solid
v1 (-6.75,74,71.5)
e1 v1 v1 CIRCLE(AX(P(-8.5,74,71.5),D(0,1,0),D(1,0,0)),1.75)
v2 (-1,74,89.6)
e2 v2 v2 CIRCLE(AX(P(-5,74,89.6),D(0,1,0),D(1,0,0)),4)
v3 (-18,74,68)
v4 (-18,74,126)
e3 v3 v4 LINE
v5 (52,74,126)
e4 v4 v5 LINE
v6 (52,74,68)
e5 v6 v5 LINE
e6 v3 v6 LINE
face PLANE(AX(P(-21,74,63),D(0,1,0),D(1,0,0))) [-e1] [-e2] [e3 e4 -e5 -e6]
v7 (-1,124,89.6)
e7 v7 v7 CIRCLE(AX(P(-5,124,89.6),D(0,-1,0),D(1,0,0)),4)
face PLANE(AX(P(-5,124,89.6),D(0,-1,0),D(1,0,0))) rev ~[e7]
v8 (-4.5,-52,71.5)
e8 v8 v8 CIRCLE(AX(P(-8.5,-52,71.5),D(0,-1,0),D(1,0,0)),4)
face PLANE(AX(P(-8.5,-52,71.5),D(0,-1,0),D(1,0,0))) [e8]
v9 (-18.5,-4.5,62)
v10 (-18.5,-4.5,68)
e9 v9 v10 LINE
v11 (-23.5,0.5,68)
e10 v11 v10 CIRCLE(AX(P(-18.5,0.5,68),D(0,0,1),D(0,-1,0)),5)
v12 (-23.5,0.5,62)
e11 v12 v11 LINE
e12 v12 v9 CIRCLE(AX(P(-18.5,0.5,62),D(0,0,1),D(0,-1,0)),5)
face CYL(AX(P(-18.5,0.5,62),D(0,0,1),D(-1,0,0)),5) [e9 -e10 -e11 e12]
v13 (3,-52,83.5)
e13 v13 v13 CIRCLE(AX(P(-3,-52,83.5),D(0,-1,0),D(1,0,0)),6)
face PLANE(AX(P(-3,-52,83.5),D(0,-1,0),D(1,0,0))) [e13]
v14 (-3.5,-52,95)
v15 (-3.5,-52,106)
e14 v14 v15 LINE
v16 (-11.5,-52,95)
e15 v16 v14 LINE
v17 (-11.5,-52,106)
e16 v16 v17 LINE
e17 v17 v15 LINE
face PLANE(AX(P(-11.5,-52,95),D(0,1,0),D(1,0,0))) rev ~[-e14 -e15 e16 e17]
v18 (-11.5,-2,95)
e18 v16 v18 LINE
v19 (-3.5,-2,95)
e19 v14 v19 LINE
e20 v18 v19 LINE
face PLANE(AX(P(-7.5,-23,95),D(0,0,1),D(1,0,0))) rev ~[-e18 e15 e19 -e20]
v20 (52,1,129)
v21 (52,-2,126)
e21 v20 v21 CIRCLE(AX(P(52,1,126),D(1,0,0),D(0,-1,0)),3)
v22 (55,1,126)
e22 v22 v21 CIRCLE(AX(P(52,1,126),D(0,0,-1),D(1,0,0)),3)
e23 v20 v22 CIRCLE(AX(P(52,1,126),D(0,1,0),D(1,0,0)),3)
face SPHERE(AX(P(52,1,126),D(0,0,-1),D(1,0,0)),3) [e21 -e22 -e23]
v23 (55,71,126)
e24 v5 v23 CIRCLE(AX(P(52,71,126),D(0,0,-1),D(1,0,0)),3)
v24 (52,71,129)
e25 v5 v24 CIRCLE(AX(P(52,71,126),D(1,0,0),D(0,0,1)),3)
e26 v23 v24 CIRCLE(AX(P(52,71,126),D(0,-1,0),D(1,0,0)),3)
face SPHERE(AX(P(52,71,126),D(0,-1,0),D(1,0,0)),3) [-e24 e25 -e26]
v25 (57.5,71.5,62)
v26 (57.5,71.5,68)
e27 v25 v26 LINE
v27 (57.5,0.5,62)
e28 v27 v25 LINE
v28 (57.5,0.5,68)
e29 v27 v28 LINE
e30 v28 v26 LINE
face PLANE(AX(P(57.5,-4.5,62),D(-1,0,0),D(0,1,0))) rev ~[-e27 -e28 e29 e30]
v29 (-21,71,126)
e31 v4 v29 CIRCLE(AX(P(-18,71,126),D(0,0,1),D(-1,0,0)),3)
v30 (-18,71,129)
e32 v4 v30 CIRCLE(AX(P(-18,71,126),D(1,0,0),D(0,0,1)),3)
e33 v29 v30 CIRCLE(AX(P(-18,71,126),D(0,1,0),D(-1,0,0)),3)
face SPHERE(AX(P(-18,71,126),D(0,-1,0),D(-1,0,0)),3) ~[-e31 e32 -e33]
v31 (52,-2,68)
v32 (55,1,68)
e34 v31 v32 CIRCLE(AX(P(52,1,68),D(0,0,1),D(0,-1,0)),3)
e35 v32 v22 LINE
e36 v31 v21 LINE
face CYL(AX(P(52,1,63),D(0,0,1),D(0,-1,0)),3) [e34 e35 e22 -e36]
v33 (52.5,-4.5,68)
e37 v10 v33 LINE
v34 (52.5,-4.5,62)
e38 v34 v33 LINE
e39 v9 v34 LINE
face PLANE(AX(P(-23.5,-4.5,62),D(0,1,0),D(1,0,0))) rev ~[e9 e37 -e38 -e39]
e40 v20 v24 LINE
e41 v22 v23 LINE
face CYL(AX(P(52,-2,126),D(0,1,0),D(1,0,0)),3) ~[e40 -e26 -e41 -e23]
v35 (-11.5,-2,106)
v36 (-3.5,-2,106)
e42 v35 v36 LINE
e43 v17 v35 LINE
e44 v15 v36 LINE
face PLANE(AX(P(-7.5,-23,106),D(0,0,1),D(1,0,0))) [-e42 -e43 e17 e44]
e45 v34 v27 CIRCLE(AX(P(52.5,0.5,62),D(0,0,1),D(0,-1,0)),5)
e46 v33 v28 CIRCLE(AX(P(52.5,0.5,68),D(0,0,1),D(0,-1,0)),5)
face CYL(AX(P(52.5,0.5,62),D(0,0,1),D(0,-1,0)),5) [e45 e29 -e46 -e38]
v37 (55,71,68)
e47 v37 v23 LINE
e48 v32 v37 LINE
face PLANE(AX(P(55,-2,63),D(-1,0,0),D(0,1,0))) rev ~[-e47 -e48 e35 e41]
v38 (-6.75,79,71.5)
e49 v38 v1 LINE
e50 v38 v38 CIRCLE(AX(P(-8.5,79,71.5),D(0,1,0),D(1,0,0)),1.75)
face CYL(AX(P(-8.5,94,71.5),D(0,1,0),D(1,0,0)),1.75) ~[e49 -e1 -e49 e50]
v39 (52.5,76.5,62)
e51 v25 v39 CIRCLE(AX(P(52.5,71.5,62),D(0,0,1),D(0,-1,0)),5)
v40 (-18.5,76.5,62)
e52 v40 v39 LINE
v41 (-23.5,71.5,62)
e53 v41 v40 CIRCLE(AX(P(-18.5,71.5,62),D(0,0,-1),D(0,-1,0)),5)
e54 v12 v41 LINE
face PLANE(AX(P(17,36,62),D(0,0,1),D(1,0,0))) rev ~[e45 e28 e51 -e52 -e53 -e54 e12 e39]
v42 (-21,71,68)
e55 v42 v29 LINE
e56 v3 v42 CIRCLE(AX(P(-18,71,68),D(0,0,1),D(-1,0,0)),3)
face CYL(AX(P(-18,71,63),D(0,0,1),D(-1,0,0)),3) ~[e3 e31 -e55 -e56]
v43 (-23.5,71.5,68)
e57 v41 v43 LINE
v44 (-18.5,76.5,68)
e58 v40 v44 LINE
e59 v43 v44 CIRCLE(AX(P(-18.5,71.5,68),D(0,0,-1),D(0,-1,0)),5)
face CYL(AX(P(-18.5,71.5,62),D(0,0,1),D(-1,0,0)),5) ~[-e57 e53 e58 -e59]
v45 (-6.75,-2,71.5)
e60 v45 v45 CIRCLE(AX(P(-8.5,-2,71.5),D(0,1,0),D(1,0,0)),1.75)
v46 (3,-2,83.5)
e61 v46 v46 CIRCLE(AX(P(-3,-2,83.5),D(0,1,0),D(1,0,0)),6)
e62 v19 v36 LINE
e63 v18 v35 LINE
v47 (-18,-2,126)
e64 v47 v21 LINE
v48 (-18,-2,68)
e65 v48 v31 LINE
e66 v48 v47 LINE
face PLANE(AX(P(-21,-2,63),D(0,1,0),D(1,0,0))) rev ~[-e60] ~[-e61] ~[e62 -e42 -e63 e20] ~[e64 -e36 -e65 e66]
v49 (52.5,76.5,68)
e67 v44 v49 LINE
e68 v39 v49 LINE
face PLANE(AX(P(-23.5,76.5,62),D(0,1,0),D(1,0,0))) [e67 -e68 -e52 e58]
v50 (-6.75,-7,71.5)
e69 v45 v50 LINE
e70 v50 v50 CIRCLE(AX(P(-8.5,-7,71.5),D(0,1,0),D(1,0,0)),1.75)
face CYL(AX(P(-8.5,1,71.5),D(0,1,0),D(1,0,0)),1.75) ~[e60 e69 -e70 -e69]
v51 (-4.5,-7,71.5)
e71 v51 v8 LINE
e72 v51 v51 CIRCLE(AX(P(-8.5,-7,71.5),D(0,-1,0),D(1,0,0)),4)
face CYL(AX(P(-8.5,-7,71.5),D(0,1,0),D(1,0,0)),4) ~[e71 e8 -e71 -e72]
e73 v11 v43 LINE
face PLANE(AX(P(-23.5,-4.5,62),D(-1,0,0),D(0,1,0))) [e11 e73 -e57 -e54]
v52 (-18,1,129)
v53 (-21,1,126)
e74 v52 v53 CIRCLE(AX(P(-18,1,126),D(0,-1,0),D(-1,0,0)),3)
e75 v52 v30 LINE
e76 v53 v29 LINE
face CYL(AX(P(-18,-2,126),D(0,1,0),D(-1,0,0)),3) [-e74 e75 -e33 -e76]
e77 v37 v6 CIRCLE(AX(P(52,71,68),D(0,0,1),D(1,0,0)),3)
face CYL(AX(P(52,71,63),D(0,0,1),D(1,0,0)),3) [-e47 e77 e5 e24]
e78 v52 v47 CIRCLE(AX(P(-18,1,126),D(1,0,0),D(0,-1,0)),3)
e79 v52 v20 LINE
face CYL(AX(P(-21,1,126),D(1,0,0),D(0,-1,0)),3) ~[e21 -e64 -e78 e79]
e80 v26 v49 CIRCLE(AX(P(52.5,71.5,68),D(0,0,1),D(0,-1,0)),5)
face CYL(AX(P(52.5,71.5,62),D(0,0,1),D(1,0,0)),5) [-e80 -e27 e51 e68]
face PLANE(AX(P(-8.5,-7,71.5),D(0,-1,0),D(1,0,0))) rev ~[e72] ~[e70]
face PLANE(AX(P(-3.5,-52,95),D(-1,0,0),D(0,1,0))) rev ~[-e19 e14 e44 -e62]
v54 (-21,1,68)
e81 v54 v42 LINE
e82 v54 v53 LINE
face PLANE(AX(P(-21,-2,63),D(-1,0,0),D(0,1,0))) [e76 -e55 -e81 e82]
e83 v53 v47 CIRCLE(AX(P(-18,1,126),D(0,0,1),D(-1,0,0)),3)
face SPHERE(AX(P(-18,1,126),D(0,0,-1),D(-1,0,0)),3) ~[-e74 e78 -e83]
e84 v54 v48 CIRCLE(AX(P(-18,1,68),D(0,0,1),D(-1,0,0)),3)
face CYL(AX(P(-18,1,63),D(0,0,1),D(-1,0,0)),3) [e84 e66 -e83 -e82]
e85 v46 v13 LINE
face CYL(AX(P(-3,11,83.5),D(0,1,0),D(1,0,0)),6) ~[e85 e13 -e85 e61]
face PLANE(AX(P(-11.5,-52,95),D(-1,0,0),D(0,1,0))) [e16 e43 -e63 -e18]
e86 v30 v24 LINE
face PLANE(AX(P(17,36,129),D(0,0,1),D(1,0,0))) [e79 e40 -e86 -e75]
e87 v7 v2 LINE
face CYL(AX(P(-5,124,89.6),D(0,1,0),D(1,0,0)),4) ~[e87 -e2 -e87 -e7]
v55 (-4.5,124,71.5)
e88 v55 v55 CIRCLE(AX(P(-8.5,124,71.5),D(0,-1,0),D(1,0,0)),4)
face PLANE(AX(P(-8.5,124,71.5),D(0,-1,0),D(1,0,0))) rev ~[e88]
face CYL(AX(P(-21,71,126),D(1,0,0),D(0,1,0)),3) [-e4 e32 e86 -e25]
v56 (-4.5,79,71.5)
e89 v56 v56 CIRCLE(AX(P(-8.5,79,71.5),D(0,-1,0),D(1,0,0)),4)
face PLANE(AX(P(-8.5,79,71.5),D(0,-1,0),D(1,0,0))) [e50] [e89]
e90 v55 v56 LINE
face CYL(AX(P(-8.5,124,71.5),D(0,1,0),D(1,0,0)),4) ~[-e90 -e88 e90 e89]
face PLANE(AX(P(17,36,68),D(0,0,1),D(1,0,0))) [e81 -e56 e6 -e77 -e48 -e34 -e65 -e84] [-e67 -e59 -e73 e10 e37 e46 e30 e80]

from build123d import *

# Parameters (mm, degrees)
CYLINDER042_R          = 4
CYLINDER042_DEPTH      = 61
CYLINDER042_ROLL_ANGLE = 90
CYLINDER047_R          = 4
CYLINDER047_DEPTH      = 45
CYLINDER047_ROLL_ANGLE = 90
CYLINDER045_R          = 1.75
CYLINDER045_DEPTH      = 31
CYLINDER045_ROLL_ANGLE = 90
CYLINDER046_R          = 4
CYLINDER046_DEPTH      = 45
CYLINDER046_ROLL_ANGLE = 90
CYLINDER043_R          = 6
CYLINDER043_DEPTH      = 63
CYLINDER043_ROLL_ANGLE = 90
BOX038_W               = 8
BOX038_H               = 58
BOX038_DEPTH           = 11
CYLINDER044_R          = 1.75
CYLINDER044_DEPTH      = 23
CYLINDER044_ROLL_ANGLE = 90
BOX040_W               = 81
BOX040_H               = 81
BOX040_DEPTH           = 6
FILLET018008_R         = 5
BOX039_W               = 76
BOX039_H               = 76
BOX039_DEPTH           = 66
FILLET018007_R         = 3


with BuildPart() as cylinder064:
    # Cylinder042 → Cylinder042 (new body)
    with BuildSketch(Plane.XY):
        Circle(CYLINDER042_R)
    extrude(amount=CYLINDER042_DEPTH)


with BuildPart() as cylinder064_1:
    # Cylinder042 roll: moved
    add(cylinder064.part.rotate(Axis((0, 0, 0), (1, 0, 0)), CYLINDER042_ROLL_ANGLE))


with BuildPart() as cylinder064_2:
    # Cylinder042 placement: moved
    add(cylinder064_1.part.moved(Location((-5, 124, 89.6))))


with BuildPart() as cylinder069:
    # Cylinder047 → Cylinder047 (new body)
    with BuildSketch(Plane.XY):
        Circle(CYLINDER047_R)
    extrude(amount=CYLINDER047_DEPTH)


with BuildPart() as cylinder069_1:
    # Cylinder047 roll: moved
    add(cylinder069.part.rotate(Axis((0, 0, 0), (1, 0, 0)), CYLINDER047_ROLL_ANGLE))


with BuildPart() as cylinder069_2:
    # Cylinder047 placement: moved
    add(cylinder069_1.part.moved(Location((-8.5, 124, 71.5))))


with BuildPart() as cylinder067:
    # Cylinder045 → Cylinder045 (new body)
    with BuildSketch(Plane.XY):
        Circle(CYLINDER045_R)
    extrude(amount=CYLINDER045_DEPTH)


with BuildPart() as cylinder067_1:
    # Cylinder045 roll: moved
    add(cylinder067.part.rotate(Axis((0, 0, 0), (1, 0, 0)), CYLINDER045_ROLL_ANGLE))


with BuildPart() as cylinder067_2:
    # Cylinder045 placement: moved
    add(cylinder067_1.part.moved(Location((-8.5, 94, 71.5))))


with BuildPart() as cylinder068:
    # Cylinder046 → Cylinder046 (new body)
    with BuildSketch(Plane.XY):
        Circle(CYLINDER046_R)
    extrude(amount=CYLINDER046_DEPTH)


with BuildPart() as cylinder068_1:
    # Cylinder046 roll: moved
    add(cylinder068.part.rotate(Axis((0, 0, 0), (1, 0, 0)), CYLINDER046_ROLL_ANGLE))


with BuildPart() as cylinder068_2:
    # Cylinder046 placement: moved
    add(cylinder068_1.part.moved(Location((-8.5, -7, 71.5))))


with BuildPart() as cylinder065:
    # Cylinder043 → Cylinder043 (new body)
    with BuildSketch(Plane.XY):
        Circle(CYLINDER043_R)
    extrude(amount=CYLINDER043_DEPTH)


with BuildPart() as cylinder065_1:
    # Cylinder043 roll: moved
    add(cylinder065.part.rotate(Axis((0, 0, 0), (1, 0, 0)), CYLINDER043_ROLL_ANGLE))


with BuildPart() as cylinder065_2:
    # Cylinder043 placement: moved
    add(cylinder065_1.part.moved(Location((-3, 11, 83.5))))


with BuildPart() as cube037:
    # Box038 → Box038 (new body)
    with BuildSketch(Plane(origin=(-11.5, -52, 95), x_dir=(1, 0, 0), z_dir=(0, 0, 1))):
        with Locations((4, 29)):
            Rectangle(BOX038_W, BOX038_H)
    extrude(amount=BOX038_DEPTH)


with BuildPart() as cylinder066:
    # Cylinder044 → Cylinder044 (new body)
    with BuildSketch(Plane.XY):
        Circle(CYLINDER044_R)
    extrude(amount=CYLINDER044_DEPTH)


with BuildPart() as cylinder066_1:
    # Cylinder044 roll: moved
    add(cylinder066.part.rotate(Axis((0, 0, 0), (1, 0, 0)), CYLINDER044_ROLL_ANGLE))


with BuildPart() as cylinder066_2:
    # Cylinder044 placement: moved
    add(cylinder066_1.part.moved(Location((-8.5, 1, 71.5))))


with BuildPart() as fillet018008:
    # Box040 → Box040 (new body)
    with BuildSketch(Plane(origin=(-23.5, -4.5, 63), x_dir=(1, 0, 0), z_dir=(0, 0, 1))):
        with Locations((40.5, 40.5)):
            Rectangle(BOX040_W, BOX040_H)
    extrude(amount=BOX040_DEPTH)

    # Fillet018008
    fillet018008_edges = [fillet018008.edges().sort_by_distance(p)[0] for p in [
        (-23.5, -4.5, 66),
        (-23.5, 76.5, 66),
        (57.5, -4.5, 66),
        (57.5, 76.5, 66),
    ]]
    fillet(fillet018008_edges, radius=FILLET018008_R)


with BuildPart() as fillet018008_1:
    # Fillet018008 placement: moved
    add(fillet018008.part.moved(Location((0, 0, -1))))


with BuildPart() as corte_positivo:
    # Box039 → Box039 (new body)
    with BuildSketch(Plane(origin=(-21, -2, 63), x_dir=(1, 0, 0), z_dir=(0, 0, 1))):
        with Locations((38, 38)):
            Rectangle(BOX039_W, BOX039_H)
    extrude(amount=BOX039_DEPTH)

    # Fillet018007
    fillet018007_edges = [corte_positivo.edges().sort_by_distance(p)[0] for p in [
        (-21, -2, 96),
        (-21, 36, 129),
        (-21, 74, 96),
        (55, -2, 96),
        (55, 36, 129),
        (55, 74, 96),
        (17, -2, 129),
        (17, 74, 129),
    ]]
    fillet(fillet018007_edges, radius=FILLET018007_R)

    # Fusion033: union Fillet018008
    add(fillet018008_1.part)

    # Fusion034: union Cylinder064, Cylinder069, Cylinder067, Cylinder068, Cylinder065, Cube037, Cylinder066
    add(cylinder064_2.part)
    add(cylinder069_2.part)
    add(cylinder067_2.part)
    add(cylinder068_2.part)
    add(cylinder065_2.part)
    add(cube037.part)
    add(cylinder066_2.part)


solid = corte_positivo.part
